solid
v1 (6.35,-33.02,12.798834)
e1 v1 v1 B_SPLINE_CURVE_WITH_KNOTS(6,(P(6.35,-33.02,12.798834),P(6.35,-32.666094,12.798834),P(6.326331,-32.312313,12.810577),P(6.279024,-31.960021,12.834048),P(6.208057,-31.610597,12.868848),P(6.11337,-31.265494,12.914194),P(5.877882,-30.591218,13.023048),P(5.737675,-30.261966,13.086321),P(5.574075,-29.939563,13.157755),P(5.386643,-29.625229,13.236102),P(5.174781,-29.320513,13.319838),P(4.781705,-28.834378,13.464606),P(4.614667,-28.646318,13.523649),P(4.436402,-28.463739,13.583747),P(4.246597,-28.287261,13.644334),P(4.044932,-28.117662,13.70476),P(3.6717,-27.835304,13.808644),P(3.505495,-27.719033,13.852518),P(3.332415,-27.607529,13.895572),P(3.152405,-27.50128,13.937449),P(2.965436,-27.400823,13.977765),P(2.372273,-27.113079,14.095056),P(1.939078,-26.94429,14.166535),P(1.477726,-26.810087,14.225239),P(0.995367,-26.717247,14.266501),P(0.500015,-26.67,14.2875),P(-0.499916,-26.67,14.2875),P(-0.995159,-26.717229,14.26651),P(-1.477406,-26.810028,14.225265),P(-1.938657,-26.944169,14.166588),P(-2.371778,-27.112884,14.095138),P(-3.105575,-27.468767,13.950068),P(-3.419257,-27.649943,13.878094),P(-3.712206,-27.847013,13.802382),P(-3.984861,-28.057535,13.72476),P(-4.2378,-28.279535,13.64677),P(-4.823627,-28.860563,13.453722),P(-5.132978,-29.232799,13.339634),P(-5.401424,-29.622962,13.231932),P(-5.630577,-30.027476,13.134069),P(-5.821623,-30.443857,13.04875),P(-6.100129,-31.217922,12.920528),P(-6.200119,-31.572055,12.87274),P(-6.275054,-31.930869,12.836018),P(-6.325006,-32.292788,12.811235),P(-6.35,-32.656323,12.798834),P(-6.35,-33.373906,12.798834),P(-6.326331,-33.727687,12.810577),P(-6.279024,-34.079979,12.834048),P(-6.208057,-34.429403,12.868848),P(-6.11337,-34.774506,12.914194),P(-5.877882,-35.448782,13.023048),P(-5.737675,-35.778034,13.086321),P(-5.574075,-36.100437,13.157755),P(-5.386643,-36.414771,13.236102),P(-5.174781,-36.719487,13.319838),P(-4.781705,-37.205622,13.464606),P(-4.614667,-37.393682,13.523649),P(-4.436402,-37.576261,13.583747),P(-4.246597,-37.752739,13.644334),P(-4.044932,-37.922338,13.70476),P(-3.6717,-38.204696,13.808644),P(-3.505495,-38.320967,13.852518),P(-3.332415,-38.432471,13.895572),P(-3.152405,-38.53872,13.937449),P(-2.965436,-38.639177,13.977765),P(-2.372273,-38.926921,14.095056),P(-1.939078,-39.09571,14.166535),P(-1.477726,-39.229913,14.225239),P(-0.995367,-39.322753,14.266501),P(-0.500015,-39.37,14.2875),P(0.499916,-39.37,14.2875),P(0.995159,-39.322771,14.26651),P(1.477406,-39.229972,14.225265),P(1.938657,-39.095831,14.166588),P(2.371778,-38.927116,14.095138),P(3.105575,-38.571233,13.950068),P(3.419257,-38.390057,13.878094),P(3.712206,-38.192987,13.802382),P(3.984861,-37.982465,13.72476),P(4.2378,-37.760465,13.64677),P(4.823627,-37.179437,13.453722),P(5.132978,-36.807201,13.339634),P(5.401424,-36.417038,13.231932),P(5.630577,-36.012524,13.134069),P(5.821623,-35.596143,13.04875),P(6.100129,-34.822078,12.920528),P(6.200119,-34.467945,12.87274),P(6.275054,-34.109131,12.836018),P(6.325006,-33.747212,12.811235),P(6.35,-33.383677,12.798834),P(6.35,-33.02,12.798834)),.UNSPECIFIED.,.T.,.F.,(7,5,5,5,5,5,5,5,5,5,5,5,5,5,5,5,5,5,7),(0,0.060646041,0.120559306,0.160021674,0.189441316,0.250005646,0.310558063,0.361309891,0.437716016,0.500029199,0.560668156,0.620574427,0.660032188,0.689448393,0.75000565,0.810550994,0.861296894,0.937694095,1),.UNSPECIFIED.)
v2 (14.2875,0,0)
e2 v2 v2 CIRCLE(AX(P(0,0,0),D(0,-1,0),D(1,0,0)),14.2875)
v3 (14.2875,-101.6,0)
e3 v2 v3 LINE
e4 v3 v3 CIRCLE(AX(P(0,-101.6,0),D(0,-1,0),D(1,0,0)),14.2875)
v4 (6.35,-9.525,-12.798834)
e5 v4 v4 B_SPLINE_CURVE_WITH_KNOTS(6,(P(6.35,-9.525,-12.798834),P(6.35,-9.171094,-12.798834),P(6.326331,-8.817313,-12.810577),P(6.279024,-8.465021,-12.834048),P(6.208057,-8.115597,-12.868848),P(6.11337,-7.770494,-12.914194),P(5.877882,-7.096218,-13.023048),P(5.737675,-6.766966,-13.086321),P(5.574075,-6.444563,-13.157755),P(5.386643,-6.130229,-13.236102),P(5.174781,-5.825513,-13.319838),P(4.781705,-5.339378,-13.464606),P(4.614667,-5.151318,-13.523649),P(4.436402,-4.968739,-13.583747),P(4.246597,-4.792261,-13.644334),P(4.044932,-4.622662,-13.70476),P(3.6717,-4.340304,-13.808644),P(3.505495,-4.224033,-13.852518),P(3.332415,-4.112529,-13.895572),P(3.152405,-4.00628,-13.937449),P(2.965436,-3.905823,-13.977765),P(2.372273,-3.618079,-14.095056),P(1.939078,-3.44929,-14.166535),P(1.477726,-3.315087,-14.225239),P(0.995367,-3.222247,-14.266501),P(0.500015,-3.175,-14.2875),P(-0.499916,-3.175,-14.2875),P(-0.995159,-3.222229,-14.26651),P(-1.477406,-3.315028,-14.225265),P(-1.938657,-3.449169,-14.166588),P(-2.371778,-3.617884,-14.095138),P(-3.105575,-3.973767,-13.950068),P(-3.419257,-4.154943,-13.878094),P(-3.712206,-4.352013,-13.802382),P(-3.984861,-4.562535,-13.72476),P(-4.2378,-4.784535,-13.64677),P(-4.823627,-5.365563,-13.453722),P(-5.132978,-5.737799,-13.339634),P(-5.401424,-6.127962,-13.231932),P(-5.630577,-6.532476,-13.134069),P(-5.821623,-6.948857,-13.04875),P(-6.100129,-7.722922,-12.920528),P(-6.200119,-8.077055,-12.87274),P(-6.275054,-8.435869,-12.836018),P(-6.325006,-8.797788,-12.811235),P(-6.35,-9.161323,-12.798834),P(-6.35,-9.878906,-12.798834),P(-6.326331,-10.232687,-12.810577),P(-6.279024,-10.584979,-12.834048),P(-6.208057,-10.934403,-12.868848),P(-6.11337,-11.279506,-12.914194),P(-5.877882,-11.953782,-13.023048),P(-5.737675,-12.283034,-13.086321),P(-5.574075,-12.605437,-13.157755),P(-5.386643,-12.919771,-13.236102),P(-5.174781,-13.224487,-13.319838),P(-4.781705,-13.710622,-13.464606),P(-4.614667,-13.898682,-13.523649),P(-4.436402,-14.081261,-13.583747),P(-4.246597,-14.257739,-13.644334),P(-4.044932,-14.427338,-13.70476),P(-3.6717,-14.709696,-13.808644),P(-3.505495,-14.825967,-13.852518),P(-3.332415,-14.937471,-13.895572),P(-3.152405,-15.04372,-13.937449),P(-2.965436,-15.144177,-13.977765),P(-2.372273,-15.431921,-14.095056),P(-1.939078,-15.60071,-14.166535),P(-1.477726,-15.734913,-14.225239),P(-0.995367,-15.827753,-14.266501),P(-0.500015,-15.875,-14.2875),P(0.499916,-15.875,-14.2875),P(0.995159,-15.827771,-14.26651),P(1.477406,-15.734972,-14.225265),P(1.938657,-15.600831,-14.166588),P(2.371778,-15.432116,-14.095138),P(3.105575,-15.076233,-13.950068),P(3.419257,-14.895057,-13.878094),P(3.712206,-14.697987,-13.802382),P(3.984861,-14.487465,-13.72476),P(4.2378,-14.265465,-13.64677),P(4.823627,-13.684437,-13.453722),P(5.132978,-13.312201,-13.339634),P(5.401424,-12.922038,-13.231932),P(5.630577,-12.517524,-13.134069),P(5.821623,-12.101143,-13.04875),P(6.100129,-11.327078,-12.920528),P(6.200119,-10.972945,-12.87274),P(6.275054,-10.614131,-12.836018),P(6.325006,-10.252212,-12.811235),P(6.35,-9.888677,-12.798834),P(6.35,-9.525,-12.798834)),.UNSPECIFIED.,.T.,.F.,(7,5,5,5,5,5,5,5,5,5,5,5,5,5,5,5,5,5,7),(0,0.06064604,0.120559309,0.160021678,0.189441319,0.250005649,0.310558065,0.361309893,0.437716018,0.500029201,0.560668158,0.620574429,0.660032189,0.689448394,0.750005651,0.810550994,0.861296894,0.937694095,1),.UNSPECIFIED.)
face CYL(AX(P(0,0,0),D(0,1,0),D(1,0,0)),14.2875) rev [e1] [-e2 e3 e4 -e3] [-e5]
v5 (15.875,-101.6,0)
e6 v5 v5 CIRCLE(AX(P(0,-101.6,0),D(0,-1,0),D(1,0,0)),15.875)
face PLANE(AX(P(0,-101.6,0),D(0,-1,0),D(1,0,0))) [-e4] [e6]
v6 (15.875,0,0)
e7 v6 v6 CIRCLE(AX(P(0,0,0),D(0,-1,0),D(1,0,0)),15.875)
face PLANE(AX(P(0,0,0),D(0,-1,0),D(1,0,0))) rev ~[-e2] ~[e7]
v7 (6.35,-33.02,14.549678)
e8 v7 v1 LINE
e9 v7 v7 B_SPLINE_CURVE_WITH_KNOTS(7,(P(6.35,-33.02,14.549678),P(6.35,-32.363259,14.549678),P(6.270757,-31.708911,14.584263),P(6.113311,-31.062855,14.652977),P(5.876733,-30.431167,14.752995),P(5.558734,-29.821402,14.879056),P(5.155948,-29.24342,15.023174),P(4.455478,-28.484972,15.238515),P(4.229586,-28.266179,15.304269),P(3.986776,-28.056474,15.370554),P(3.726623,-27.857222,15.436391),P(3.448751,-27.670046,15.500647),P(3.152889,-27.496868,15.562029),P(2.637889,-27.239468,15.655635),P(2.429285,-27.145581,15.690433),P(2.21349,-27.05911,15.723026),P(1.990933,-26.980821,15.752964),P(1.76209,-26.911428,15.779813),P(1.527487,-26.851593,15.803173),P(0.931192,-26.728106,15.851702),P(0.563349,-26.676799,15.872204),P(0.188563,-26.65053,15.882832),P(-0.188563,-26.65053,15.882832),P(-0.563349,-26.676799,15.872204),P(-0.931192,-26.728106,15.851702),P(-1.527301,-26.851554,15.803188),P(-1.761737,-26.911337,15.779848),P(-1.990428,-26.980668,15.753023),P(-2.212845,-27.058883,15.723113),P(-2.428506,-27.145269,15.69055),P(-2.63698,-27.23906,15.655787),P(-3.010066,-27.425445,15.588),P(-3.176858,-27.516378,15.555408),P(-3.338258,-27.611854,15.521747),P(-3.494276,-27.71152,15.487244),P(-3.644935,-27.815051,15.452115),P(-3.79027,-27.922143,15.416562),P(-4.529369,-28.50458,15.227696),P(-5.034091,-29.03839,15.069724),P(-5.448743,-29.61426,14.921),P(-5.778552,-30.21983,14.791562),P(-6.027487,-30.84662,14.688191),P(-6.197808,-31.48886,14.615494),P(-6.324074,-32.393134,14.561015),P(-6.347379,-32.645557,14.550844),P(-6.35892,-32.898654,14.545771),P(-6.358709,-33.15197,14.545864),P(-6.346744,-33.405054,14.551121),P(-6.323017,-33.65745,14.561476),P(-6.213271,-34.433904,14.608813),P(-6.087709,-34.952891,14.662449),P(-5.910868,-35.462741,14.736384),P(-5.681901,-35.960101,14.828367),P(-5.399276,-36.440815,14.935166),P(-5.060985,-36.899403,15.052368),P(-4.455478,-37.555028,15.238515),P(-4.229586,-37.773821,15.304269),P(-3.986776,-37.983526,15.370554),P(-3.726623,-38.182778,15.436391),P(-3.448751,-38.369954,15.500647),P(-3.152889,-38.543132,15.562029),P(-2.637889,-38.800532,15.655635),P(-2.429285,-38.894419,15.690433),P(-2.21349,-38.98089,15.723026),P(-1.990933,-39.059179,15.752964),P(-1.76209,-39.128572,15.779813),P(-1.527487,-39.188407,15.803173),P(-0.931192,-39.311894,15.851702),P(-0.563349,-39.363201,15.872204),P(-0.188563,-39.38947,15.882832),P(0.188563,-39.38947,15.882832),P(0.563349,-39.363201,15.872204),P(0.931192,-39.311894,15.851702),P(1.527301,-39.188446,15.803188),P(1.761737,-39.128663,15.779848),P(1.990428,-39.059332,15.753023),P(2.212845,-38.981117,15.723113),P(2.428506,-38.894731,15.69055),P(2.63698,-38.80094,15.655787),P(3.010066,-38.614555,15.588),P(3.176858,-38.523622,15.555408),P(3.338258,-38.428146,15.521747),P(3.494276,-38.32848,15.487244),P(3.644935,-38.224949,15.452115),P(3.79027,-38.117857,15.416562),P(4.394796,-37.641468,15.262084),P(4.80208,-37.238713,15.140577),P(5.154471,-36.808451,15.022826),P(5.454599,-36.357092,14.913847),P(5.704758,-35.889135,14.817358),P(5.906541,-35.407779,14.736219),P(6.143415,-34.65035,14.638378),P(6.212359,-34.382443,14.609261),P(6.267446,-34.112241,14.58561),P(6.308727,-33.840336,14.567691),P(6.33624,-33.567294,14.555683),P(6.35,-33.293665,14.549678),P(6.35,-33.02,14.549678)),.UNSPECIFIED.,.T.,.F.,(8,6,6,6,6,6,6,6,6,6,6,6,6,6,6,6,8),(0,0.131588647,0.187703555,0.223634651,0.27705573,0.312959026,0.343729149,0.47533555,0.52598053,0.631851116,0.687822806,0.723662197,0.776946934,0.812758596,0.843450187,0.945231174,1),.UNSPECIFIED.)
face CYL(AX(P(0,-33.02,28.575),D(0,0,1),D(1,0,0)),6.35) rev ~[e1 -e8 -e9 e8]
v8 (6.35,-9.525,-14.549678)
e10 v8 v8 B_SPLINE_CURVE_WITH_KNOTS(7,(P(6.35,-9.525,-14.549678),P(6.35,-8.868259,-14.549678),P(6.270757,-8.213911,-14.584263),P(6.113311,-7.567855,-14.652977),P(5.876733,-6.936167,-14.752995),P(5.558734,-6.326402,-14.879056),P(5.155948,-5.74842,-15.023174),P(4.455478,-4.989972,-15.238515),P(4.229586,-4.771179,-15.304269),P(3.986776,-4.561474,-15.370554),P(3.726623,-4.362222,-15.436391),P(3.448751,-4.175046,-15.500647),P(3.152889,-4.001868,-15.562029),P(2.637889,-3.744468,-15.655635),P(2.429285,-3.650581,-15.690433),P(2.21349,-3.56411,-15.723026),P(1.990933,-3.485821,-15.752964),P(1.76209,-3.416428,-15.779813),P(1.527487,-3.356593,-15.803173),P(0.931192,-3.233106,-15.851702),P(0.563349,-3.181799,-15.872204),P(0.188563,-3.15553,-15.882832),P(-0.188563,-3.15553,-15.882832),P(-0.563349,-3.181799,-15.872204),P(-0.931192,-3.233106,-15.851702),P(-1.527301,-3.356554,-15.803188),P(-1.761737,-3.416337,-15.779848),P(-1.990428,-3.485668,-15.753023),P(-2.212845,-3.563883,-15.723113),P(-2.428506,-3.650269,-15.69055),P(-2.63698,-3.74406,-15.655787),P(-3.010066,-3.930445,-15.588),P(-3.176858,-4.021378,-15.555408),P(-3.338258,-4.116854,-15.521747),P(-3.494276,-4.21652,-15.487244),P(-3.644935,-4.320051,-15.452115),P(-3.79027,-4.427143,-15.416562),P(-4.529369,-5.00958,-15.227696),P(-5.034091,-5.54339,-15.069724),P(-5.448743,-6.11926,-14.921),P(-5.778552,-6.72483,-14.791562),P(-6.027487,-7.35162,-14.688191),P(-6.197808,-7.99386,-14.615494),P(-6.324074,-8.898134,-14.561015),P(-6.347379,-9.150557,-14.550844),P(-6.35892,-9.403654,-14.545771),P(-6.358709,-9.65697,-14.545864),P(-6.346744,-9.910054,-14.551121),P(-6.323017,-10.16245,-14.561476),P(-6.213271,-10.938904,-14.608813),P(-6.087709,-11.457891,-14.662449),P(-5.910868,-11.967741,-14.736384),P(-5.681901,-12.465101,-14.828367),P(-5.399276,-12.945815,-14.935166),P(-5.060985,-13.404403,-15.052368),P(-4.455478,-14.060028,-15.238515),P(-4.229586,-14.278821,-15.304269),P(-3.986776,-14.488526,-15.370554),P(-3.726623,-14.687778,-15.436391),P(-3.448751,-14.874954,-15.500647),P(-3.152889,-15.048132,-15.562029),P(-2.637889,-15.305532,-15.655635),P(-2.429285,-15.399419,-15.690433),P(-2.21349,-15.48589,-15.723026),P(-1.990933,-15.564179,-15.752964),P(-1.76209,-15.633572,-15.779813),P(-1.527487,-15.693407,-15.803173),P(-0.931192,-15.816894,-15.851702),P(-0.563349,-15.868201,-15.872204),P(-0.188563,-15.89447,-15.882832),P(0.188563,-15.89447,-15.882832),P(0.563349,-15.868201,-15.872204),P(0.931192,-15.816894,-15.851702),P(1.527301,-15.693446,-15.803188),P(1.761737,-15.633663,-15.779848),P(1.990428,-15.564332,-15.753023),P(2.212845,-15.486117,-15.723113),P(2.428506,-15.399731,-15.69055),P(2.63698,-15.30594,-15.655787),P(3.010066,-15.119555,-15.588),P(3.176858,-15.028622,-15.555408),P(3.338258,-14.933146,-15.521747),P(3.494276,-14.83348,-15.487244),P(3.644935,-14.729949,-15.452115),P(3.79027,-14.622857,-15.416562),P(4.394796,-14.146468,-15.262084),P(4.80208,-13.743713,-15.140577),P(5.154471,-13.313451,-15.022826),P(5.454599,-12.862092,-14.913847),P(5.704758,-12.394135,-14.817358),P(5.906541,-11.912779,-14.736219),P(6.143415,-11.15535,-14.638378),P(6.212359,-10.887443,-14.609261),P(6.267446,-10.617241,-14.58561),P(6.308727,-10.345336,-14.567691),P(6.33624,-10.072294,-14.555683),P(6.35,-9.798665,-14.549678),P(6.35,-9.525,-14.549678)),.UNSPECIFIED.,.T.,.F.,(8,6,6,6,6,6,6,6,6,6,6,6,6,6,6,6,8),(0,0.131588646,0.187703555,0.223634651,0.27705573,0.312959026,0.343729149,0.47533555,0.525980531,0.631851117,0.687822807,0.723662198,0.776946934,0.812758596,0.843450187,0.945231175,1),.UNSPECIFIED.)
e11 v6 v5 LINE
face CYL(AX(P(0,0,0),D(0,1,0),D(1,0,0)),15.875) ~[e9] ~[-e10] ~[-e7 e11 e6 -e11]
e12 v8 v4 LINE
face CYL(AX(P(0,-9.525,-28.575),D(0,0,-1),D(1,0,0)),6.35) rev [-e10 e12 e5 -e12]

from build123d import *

# Parameters (mm, degrees)
F0_R     = 15.875
F0_R_2   = 14.2875
F1_DEPTH = 101.6
F3_R     = 6.35
F4_DEPTH = 25.4
F6_R     = 6.35
F7_DEPTH = 25.4


with BuildPart() as f1:
    # F0 (on Front) → F1 (new body)
    with BuildSketch(Plane.XZ):
        Circle(F0_R)
        Circle(F0_R_2, mode=Mode.SUBTRACT)
    extrude(amount=F1_DEPTH)

    # F3 (on offset) → F4 (cut)
    with BuildSketch(Plane.XY.offset(28.575)):
        with Locations((0, -33.02)):
            Circle(F3_R)
    extrude(amount=-F4_DEPTH, mode=Mode.SUBTRACT)

    # F6 (on offset) → F7 (cut)
    with BuildSketch(Plane.XY.offset(-28.575)):
        with Locations((0, -9.525)):
            Circle(F6_R)
    extrude(amount=F7_DEPTH, mode=Mode.SUBTRACT)


solid = f1.part
